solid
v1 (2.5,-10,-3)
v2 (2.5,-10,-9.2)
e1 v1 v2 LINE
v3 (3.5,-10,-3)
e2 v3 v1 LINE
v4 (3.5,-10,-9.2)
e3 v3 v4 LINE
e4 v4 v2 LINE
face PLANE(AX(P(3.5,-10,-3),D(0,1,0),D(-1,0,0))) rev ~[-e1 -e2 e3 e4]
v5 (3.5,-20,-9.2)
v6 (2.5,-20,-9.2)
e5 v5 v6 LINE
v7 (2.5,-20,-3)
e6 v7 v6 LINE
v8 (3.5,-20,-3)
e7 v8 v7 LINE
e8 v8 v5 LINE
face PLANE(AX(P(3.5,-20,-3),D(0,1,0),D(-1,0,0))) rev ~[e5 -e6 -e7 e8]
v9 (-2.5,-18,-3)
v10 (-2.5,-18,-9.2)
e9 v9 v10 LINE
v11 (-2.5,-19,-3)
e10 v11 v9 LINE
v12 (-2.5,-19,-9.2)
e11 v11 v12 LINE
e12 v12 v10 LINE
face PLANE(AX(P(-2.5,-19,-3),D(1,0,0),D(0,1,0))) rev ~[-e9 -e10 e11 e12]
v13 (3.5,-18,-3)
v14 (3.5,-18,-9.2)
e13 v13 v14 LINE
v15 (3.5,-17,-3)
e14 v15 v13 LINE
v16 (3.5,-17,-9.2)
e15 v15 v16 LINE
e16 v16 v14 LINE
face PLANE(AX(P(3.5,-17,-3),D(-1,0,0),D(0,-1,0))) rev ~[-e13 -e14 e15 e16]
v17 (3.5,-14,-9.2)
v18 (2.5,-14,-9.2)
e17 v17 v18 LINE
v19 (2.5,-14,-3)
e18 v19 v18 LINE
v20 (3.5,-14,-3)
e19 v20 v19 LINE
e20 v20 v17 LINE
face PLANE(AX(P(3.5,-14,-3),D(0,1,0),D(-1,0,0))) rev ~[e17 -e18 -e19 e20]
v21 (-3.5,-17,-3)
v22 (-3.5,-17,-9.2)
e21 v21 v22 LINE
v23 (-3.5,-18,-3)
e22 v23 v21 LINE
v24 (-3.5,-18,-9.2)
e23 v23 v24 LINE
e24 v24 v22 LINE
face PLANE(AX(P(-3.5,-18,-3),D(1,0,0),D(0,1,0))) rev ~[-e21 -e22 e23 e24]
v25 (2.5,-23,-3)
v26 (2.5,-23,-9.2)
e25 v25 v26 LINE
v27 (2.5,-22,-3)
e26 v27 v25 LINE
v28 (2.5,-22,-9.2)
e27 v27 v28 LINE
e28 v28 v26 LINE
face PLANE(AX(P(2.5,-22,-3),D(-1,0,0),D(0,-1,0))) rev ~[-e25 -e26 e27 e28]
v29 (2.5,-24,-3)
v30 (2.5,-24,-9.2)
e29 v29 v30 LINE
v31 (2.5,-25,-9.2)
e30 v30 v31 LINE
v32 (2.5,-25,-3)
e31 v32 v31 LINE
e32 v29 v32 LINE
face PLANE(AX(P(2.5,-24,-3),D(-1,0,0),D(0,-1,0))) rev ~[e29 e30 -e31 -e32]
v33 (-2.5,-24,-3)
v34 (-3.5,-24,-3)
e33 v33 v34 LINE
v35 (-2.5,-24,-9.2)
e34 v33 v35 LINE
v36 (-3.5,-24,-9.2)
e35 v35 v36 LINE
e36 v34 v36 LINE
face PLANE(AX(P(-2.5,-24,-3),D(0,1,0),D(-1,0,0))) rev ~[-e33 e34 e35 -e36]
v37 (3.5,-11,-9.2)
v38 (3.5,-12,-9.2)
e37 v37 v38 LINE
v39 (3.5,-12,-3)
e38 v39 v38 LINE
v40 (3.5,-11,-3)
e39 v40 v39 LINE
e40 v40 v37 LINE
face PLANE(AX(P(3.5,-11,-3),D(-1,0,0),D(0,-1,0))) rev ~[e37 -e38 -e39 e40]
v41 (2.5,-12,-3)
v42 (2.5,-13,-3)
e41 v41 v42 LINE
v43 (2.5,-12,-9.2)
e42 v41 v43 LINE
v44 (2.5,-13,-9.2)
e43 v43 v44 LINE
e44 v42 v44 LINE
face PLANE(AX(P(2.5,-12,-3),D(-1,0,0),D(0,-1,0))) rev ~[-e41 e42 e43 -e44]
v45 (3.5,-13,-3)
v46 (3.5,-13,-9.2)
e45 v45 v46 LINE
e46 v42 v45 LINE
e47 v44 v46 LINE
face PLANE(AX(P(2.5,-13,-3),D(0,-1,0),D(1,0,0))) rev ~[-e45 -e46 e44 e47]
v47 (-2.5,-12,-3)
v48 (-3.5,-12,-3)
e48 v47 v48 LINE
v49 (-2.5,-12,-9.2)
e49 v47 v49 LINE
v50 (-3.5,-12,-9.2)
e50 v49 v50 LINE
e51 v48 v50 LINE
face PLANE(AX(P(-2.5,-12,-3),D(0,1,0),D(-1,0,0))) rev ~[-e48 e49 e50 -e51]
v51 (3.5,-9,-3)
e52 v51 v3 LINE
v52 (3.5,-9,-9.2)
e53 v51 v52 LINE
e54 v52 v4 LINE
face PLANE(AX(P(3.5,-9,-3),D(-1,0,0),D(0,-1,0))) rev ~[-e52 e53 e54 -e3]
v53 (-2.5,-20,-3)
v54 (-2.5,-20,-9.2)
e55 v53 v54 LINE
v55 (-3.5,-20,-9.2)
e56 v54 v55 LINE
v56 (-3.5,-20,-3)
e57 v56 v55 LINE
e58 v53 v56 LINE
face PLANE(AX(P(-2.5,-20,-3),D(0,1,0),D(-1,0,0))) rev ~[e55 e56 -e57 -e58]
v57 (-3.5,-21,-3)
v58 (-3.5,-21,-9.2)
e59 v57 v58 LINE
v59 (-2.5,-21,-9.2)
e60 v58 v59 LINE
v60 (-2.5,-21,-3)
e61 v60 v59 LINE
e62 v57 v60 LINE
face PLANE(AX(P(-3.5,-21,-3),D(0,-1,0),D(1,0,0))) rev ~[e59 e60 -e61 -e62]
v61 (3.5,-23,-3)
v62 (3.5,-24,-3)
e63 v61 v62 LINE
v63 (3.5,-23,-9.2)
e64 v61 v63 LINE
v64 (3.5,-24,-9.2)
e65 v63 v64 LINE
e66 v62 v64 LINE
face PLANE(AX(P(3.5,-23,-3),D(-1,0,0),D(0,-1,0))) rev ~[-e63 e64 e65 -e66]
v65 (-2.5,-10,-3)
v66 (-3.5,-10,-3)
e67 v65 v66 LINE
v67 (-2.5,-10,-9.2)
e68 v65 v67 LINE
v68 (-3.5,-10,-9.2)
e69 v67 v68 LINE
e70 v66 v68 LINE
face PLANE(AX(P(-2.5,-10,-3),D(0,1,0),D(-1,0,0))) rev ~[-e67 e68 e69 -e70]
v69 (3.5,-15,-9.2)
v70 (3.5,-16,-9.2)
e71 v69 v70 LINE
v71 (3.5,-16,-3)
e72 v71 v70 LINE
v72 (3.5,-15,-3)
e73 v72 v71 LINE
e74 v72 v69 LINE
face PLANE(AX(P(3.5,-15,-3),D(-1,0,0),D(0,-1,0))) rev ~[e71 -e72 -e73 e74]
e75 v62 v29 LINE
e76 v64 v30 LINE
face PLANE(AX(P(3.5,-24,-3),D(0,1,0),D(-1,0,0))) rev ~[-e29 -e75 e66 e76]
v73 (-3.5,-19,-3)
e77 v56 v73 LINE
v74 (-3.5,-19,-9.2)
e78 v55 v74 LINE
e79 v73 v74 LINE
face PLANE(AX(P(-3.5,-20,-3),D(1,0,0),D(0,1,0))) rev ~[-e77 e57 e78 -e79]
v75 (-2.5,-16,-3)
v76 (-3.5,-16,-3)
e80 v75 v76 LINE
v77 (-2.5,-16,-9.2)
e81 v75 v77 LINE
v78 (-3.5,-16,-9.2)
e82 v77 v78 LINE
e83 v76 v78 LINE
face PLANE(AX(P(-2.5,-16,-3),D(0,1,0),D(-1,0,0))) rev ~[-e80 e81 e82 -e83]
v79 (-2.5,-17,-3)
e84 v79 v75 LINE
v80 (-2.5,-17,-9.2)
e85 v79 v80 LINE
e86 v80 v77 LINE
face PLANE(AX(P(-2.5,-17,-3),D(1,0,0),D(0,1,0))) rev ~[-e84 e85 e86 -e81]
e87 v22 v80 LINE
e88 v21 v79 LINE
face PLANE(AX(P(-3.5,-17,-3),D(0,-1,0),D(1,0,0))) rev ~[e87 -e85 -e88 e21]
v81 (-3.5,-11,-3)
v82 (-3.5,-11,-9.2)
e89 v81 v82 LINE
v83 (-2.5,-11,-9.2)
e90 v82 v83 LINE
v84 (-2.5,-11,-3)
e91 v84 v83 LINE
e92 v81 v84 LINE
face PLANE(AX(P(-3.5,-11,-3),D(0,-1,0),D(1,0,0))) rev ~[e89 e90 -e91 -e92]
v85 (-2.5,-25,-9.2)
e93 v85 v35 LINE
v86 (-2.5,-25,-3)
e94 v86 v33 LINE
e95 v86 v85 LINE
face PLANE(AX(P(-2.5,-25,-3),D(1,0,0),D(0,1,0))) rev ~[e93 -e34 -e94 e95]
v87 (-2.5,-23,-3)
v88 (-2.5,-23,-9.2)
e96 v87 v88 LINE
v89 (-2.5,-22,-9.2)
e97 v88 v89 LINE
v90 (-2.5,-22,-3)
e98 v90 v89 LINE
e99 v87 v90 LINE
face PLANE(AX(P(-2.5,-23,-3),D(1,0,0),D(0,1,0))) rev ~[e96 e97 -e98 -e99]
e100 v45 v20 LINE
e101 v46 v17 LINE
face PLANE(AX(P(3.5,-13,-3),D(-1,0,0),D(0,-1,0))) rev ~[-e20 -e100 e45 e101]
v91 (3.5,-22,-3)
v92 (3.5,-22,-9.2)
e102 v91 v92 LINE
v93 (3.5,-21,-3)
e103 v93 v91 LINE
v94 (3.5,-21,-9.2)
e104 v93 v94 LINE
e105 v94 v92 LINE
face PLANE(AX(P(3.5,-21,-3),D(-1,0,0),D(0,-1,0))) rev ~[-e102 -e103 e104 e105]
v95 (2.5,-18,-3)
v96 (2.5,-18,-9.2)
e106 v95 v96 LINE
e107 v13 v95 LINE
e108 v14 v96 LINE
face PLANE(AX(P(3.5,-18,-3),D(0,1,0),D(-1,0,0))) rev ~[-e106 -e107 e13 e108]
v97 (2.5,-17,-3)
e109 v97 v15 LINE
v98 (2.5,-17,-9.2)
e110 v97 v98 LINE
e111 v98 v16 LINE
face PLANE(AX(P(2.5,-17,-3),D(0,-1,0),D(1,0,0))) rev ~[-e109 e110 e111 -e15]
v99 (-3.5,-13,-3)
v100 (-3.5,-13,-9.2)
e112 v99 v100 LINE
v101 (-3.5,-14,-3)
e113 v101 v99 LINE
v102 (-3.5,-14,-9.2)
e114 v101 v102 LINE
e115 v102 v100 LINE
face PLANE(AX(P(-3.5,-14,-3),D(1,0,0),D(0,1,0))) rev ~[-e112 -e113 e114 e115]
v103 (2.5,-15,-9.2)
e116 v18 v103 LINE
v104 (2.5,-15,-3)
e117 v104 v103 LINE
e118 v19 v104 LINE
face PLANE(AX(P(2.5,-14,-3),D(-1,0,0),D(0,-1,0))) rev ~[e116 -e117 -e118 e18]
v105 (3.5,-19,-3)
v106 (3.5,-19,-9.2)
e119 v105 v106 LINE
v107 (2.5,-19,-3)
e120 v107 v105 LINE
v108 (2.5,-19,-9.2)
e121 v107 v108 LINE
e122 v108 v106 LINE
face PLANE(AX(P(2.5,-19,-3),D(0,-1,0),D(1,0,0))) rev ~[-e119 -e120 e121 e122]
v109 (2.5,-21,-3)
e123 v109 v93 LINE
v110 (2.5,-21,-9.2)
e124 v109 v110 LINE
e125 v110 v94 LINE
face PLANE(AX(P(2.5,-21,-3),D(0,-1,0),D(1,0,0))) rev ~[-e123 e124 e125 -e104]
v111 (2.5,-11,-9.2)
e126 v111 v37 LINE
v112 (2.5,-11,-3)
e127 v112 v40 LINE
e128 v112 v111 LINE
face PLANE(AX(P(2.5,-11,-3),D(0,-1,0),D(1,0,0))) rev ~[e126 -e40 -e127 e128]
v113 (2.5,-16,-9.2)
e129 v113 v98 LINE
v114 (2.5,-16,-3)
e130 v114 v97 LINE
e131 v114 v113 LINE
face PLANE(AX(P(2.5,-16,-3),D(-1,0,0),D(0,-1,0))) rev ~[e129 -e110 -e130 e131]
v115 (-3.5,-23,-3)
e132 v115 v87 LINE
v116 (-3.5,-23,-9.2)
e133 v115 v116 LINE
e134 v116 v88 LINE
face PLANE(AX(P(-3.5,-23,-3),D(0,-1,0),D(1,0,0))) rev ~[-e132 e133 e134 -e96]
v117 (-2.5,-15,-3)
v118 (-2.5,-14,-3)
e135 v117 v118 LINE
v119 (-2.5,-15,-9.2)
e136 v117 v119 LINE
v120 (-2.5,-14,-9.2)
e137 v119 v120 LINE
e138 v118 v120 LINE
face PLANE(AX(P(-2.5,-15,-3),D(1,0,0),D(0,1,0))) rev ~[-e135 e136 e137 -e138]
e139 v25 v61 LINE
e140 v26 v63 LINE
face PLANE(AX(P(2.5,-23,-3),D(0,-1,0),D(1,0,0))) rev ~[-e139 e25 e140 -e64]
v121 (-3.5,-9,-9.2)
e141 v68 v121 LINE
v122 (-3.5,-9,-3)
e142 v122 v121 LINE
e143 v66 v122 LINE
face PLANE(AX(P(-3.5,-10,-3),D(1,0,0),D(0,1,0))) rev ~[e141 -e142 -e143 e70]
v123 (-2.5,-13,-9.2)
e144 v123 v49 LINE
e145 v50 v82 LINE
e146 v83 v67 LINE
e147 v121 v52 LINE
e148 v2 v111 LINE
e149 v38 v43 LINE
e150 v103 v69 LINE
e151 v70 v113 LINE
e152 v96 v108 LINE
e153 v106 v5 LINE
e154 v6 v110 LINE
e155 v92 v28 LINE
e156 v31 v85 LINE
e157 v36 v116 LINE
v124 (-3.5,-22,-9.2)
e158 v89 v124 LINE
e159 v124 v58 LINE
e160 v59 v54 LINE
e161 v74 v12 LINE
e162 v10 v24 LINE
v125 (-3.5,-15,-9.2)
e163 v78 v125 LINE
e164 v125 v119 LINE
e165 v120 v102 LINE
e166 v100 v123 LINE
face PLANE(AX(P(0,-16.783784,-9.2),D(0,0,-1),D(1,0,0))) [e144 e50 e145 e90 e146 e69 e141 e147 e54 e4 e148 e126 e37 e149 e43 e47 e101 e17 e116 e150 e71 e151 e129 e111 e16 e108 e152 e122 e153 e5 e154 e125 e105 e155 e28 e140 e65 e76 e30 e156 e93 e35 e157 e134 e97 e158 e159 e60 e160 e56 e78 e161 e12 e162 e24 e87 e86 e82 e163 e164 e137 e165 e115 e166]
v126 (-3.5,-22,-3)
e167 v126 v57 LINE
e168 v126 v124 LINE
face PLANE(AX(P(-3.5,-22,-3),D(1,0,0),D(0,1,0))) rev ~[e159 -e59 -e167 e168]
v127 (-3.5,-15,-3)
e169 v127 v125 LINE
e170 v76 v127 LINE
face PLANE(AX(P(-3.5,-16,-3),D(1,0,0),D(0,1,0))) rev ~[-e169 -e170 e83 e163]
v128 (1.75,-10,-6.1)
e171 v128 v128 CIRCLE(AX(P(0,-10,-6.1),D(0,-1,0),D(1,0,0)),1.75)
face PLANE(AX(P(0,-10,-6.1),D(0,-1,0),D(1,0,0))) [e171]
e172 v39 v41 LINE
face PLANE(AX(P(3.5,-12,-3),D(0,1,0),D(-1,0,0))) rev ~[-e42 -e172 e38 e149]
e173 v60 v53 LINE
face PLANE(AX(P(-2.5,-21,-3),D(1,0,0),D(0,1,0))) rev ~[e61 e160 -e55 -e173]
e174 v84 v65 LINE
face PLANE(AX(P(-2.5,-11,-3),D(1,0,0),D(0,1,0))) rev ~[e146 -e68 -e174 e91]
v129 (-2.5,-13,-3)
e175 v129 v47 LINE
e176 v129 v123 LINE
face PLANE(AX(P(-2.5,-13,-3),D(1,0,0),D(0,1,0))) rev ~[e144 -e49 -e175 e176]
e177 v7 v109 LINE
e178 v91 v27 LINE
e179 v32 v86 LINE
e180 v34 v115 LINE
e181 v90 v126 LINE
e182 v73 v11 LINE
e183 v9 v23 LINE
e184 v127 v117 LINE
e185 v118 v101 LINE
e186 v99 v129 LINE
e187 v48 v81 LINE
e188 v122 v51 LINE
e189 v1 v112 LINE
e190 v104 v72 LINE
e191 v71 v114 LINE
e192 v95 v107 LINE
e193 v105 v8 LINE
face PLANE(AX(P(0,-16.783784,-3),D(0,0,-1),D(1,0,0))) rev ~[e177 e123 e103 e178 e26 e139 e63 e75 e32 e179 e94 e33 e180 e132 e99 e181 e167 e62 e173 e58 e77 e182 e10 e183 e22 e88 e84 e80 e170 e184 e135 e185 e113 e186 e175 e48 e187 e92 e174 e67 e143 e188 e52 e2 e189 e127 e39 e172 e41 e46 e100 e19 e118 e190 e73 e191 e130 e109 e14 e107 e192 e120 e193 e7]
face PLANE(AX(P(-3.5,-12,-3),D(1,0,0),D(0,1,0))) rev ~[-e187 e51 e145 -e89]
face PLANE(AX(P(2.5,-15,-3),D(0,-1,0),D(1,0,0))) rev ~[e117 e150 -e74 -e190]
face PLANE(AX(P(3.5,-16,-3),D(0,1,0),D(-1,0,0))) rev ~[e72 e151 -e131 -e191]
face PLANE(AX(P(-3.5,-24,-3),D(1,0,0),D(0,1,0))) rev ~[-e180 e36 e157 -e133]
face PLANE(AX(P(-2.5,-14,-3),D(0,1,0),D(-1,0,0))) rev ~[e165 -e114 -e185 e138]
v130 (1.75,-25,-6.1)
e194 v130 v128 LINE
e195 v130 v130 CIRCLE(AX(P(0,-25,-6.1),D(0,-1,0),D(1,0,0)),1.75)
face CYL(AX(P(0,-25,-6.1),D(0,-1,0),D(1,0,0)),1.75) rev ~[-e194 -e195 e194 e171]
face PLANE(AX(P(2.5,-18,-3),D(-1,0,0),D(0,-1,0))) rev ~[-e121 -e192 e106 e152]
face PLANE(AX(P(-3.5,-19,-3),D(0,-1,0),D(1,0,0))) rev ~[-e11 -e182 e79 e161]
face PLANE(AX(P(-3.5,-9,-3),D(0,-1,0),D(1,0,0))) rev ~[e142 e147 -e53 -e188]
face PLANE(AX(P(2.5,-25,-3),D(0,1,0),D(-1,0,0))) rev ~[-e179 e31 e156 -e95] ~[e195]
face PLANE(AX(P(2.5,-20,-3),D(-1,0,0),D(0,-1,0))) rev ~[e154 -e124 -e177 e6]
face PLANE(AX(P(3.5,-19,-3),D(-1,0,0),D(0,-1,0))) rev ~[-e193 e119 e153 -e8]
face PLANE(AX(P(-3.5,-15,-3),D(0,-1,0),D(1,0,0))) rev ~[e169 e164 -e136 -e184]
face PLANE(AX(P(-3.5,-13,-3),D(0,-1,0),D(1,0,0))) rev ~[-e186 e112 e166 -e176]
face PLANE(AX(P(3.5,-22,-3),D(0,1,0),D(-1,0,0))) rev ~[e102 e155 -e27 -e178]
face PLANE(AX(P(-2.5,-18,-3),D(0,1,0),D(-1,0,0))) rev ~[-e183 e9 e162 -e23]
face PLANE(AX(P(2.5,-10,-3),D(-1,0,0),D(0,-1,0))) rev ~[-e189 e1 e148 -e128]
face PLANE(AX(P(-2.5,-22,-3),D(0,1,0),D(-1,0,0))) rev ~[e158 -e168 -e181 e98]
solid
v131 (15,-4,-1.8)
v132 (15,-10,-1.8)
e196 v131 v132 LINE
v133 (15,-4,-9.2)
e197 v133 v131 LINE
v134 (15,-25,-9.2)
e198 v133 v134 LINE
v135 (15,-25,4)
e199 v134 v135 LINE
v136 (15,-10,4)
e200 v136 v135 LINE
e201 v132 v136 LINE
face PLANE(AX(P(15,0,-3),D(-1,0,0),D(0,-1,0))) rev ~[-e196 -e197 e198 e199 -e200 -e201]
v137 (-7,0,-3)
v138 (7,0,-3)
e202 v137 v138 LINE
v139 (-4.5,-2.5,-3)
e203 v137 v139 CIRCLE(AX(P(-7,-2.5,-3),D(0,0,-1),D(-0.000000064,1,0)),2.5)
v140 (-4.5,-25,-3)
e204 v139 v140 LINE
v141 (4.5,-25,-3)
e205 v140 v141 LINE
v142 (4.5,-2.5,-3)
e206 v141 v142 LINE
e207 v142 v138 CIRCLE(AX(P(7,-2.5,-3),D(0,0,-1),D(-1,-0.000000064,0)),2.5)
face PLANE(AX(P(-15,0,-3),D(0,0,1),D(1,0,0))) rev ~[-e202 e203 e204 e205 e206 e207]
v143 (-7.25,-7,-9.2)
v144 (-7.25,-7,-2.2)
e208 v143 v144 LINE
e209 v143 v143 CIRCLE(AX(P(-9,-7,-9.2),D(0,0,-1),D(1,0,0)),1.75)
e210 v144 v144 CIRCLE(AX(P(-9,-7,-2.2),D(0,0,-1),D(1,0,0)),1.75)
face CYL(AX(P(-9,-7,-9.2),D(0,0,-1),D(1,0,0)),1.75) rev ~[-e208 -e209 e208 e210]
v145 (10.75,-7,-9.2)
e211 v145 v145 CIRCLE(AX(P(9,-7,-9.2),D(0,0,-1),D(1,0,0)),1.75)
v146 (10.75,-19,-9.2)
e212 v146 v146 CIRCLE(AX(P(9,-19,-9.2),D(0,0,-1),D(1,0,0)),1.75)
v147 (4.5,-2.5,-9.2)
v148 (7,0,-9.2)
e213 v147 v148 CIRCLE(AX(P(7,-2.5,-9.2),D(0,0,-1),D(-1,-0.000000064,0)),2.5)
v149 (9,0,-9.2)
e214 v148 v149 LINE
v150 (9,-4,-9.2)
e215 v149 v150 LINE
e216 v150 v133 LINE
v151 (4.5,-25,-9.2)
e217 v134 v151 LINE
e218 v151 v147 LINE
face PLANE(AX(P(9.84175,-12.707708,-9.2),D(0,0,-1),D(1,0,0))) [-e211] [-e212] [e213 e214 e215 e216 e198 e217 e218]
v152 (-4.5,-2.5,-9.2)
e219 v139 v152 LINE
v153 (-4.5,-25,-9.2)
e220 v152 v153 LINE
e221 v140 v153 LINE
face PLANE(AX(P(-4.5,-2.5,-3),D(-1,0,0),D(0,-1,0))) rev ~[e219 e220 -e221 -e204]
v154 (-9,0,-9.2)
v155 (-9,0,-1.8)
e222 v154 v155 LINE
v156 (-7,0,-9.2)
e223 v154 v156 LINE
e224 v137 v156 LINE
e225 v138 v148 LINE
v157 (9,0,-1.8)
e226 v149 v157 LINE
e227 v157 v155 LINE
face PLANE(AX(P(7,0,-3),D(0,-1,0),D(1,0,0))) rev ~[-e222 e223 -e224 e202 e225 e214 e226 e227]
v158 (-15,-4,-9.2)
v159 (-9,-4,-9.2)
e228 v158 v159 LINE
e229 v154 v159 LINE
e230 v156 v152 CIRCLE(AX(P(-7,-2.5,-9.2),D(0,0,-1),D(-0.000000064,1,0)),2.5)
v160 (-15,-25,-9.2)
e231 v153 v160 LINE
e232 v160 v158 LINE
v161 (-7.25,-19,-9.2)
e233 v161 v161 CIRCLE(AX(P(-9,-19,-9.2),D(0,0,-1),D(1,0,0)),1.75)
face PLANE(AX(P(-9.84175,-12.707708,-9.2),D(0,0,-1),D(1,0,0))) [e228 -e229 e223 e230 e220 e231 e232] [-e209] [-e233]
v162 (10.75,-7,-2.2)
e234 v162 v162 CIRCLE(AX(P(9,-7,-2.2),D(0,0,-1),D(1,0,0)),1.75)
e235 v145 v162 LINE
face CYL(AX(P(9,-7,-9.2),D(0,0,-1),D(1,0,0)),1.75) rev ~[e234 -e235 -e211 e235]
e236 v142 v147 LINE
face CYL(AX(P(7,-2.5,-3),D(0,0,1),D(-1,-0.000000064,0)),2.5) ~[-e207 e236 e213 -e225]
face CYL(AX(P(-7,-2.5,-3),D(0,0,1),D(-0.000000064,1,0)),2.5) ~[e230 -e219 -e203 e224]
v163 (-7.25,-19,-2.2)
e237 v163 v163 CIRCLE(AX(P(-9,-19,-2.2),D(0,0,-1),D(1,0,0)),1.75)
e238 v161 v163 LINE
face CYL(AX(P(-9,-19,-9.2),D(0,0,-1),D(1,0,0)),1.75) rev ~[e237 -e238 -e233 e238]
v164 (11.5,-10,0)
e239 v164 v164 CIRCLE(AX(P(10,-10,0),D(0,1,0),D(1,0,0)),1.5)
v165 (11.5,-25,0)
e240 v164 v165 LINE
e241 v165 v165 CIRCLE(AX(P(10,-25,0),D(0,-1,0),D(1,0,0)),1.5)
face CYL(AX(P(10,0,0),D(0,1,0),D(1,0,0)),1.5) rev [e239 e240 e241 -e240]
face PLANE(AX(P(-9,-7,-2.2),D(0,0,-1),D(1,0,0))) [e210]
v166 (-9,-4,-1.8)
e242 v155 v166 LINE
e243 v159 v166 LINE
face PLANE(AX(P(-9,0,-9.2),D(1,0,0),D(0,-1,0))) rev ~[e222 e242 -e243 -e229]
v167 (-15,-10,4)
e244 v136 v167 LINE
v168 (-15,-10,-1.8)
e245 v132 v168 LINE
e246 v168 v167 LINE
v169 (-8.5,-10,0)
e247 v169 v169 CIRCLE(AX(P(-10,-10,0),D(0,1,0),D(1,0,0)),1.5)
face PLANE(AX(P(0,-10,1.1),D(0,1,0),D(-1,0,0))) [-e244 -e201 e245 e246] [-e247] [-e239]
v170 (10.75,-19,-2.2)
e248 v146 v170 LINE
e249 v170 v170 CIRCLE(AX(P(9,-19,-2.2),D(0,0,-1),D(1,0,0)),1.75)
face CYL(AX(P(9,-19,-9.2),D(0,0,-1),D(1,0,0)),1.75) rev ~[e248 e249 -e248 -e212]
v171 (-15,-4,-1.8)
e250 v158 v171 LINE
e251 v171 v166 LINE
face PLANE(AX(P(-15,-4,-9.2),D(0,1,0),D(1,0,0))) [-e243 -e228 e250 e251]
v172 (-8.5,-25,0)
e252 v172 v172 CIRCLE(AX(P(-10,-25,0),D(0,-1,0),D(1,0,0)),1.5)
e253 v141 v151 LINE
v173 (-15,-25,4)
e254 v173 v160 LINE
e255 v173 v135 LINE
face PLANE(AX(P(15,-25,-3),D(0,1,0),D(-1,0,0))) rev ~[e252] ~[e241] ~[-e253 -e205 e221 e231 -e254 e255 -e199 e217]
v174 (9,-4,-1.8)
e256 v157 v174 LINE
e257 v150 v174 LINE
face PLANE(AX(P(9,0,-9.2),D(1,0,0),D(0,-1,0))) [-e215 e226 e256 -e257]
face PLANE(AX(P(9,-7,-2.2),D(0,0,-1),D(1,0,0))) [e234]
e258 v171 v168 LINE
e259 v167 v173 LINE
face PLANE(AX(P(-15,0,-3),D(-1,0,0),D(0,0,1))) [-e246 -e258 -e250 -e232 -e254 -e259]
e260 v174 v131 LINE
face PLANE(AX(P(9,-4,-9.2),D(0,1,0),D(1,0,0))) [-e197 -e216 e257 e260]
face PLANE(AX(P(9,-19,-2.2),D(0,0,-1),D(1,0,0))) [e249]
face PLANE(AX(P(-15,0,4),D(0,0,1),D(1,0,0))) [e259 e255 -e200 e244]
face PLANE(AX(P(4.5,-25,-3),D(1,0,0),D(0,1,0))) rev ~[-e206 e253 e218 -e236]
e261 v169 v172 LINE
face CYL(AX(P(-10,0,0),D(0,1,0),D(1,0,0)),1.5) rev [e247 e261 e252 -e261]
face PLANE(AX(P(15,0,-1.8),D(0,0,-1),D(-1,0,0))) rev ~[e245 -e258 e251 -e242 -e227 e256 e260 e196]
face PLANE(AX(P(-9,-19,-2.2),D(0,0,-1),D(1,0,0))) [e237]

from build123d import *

# Parameters (mm, degrees)
F0_W      = 30
F0_H      = 7
F0_R      = 1.5
F1_DEPTH  = 25
F3_DEPTH  = 6.2
F4_DEPTH  = 6.2
F5_R      = 1.75
F6_DEPTH  = 15
F7_R      = 1.75
F8_DEPTH  = 7
F9_W      = 30
F9_H      = 5.8
F10_DEPTH = 10
F11_W     = 6
F11_H     = 4
F12_DEPTH = 13.201


with BuildPart() as f1:
    # F0 (on Front) → F1 (new body)
    with BuildSketch(Plane.XZ):
        with Locations((0, 0.5)):
            Rectangle(F0_W, F0_H)
        with Locations((-10, 0)):
            Circle(F0_R, mode=Mode.SUBTRACT)
        with Locations((10, 0)):
            Circle(F0_R, mode=Mode.SUBTRACT)
    extrude(amount=F1_DEPTH)

    # F2 (on face) → F4 (join)
    with BuildSketch(Plane(origin=(0, 0, -3), x_dir=(1, 0, 0), z_dir=(0, 0, -1))):
        with BuildLine():
            Line((4.5, 25), (4.5, 2.5))
            ThreePointArc((4.5, 2.5), (5.232233, 0.732233), (7, 0))
            Line((7, 0), (15, 0))
            Line((15, 0), (15, 25))
            Line((15, 25), (4.5, 25))
        make_face()
        with BuildLine():
            Line((-4.5, 25), (-15, 25))
            Line((-15, 25), (-15, 0))
            Line((-15, 0), (-7, 0))
            ThreePointArc((-7, 0), (-5.232233, 0.732233), (-4.5, 2.5))
            Line((-4.5, 2.5), (-4.5, 25))
        make_face()
    extrude(amount=F4_DEPTH)

    # F7 (on face) → F8 (cut)
    with BuildSketch(Plane(origin=(0, 0, -9.2), x_dir=(1, 0, 0), z_dir=(0, 0, -1))):
        with Locations((9, 7)):
            Circle(F7_R)
        with Locations((9, 19)):
            Circle(F7_R)
        with Locations((-9, 7)):
            Circle(F7_R)
        with Locations((-9, 19)):
            Circle(F7_R)
    extrude(amount=-F8_DEPTH, mode=Mode.SUBTRACT)

    # F9 (on face) → F10 (cut)
    with BuildSketch(Plane(origin=(0, 0, 0), x_dir=(-1, 0, 0), z_dir=(0, 1, 0))):
        with Locations((0, 1.1)):
            Rectangle(F9_W, F9_H)
    extrude(amount=-F10_DEPTH, mode=Mode.SUBTRACT)

    # F11 (on face) → F12 (cut, through all)
    with BuildSketch(Plane(origin=(0, 0, -9.2), x_dir=(1, 0, 0), z_dir=(0, 0, -1))):
        with Locations((-12, 2)):
            Rectangle(F11_W, F11_H)
        with Locations((12, 2)):
            Rectangle(F11_W, F11_H)
    extrude(amount=-F12_DEPTH, mode=Mode.SUBTRACT)


with BuildPart() as f3:
    # F2 (on face) → F3 (new body)
    with BuildSketch(Plane(origin=(0, 0, -3), x_dir=(1, 0, 0), z_dir=(0, 0, -1))):
        Polygon((2.5, 25), (-2.5, 25), (-2.5, 24), (-3.5, 24), (-3.5, 23), (-2.5, 23), (-2.5, 22), (-3.5, 22), (-3.5, 21), (-2.5, 21), (-2.5, 20), (-3.5, 20), (-3.5, 19), (-2.5, 19), (-2.5, 18), (-3.5, 18), (-3.5, 17), (-2.5, 17), (-2.5, 16), (-3.5, 16), (-3.5, 15), (-2.5, 15), (-2.5, 14), (-3.5, 14), (-3.5, 13), (-2.5, 13), (-2.5, 12), (-3.5, 12), (-3.5, 11), (-2.5, 11), (-2.5, 10), (-3.5, 10), (-3.5, 9), (-2.5, 9), (2.5, 9), (3.5, 9), (3.5, 10), (2.5, 10), (2.5, 11), (3.5, 11), (3.5, 12), (2.5, 12), (2.5, 13), (3.5, 13), (3.5, 14), (2.5, 14), (2.5, 15), (3.5, 15), (3.5, 16), (2.5, 16), (2.5, 17), (3.5, 17), (3.5, 18), (2.5, 18), (2.5, 19), (3.5, 19), (3.5, 20), (2.5, 20), (2.5, 21), (3.5, 21), (3.5, 22), (2.5, 22), (2.5, 23), (3.5, 23), (3.5, 24), (2.5, 24), align=None)
    extrude(amount=F3_DEPTH)

    # F5 (on face) → F6 (cut)
    with BuildSketch(Plane.XZ.offset(25)):
        with Locations((0, -6.1)):
            Circle(F5_R)
    extrude(amount=-F6_DEPTH, mode=Mode.SUBTRACT)


solid = Compound([f1.part, f3.part])
